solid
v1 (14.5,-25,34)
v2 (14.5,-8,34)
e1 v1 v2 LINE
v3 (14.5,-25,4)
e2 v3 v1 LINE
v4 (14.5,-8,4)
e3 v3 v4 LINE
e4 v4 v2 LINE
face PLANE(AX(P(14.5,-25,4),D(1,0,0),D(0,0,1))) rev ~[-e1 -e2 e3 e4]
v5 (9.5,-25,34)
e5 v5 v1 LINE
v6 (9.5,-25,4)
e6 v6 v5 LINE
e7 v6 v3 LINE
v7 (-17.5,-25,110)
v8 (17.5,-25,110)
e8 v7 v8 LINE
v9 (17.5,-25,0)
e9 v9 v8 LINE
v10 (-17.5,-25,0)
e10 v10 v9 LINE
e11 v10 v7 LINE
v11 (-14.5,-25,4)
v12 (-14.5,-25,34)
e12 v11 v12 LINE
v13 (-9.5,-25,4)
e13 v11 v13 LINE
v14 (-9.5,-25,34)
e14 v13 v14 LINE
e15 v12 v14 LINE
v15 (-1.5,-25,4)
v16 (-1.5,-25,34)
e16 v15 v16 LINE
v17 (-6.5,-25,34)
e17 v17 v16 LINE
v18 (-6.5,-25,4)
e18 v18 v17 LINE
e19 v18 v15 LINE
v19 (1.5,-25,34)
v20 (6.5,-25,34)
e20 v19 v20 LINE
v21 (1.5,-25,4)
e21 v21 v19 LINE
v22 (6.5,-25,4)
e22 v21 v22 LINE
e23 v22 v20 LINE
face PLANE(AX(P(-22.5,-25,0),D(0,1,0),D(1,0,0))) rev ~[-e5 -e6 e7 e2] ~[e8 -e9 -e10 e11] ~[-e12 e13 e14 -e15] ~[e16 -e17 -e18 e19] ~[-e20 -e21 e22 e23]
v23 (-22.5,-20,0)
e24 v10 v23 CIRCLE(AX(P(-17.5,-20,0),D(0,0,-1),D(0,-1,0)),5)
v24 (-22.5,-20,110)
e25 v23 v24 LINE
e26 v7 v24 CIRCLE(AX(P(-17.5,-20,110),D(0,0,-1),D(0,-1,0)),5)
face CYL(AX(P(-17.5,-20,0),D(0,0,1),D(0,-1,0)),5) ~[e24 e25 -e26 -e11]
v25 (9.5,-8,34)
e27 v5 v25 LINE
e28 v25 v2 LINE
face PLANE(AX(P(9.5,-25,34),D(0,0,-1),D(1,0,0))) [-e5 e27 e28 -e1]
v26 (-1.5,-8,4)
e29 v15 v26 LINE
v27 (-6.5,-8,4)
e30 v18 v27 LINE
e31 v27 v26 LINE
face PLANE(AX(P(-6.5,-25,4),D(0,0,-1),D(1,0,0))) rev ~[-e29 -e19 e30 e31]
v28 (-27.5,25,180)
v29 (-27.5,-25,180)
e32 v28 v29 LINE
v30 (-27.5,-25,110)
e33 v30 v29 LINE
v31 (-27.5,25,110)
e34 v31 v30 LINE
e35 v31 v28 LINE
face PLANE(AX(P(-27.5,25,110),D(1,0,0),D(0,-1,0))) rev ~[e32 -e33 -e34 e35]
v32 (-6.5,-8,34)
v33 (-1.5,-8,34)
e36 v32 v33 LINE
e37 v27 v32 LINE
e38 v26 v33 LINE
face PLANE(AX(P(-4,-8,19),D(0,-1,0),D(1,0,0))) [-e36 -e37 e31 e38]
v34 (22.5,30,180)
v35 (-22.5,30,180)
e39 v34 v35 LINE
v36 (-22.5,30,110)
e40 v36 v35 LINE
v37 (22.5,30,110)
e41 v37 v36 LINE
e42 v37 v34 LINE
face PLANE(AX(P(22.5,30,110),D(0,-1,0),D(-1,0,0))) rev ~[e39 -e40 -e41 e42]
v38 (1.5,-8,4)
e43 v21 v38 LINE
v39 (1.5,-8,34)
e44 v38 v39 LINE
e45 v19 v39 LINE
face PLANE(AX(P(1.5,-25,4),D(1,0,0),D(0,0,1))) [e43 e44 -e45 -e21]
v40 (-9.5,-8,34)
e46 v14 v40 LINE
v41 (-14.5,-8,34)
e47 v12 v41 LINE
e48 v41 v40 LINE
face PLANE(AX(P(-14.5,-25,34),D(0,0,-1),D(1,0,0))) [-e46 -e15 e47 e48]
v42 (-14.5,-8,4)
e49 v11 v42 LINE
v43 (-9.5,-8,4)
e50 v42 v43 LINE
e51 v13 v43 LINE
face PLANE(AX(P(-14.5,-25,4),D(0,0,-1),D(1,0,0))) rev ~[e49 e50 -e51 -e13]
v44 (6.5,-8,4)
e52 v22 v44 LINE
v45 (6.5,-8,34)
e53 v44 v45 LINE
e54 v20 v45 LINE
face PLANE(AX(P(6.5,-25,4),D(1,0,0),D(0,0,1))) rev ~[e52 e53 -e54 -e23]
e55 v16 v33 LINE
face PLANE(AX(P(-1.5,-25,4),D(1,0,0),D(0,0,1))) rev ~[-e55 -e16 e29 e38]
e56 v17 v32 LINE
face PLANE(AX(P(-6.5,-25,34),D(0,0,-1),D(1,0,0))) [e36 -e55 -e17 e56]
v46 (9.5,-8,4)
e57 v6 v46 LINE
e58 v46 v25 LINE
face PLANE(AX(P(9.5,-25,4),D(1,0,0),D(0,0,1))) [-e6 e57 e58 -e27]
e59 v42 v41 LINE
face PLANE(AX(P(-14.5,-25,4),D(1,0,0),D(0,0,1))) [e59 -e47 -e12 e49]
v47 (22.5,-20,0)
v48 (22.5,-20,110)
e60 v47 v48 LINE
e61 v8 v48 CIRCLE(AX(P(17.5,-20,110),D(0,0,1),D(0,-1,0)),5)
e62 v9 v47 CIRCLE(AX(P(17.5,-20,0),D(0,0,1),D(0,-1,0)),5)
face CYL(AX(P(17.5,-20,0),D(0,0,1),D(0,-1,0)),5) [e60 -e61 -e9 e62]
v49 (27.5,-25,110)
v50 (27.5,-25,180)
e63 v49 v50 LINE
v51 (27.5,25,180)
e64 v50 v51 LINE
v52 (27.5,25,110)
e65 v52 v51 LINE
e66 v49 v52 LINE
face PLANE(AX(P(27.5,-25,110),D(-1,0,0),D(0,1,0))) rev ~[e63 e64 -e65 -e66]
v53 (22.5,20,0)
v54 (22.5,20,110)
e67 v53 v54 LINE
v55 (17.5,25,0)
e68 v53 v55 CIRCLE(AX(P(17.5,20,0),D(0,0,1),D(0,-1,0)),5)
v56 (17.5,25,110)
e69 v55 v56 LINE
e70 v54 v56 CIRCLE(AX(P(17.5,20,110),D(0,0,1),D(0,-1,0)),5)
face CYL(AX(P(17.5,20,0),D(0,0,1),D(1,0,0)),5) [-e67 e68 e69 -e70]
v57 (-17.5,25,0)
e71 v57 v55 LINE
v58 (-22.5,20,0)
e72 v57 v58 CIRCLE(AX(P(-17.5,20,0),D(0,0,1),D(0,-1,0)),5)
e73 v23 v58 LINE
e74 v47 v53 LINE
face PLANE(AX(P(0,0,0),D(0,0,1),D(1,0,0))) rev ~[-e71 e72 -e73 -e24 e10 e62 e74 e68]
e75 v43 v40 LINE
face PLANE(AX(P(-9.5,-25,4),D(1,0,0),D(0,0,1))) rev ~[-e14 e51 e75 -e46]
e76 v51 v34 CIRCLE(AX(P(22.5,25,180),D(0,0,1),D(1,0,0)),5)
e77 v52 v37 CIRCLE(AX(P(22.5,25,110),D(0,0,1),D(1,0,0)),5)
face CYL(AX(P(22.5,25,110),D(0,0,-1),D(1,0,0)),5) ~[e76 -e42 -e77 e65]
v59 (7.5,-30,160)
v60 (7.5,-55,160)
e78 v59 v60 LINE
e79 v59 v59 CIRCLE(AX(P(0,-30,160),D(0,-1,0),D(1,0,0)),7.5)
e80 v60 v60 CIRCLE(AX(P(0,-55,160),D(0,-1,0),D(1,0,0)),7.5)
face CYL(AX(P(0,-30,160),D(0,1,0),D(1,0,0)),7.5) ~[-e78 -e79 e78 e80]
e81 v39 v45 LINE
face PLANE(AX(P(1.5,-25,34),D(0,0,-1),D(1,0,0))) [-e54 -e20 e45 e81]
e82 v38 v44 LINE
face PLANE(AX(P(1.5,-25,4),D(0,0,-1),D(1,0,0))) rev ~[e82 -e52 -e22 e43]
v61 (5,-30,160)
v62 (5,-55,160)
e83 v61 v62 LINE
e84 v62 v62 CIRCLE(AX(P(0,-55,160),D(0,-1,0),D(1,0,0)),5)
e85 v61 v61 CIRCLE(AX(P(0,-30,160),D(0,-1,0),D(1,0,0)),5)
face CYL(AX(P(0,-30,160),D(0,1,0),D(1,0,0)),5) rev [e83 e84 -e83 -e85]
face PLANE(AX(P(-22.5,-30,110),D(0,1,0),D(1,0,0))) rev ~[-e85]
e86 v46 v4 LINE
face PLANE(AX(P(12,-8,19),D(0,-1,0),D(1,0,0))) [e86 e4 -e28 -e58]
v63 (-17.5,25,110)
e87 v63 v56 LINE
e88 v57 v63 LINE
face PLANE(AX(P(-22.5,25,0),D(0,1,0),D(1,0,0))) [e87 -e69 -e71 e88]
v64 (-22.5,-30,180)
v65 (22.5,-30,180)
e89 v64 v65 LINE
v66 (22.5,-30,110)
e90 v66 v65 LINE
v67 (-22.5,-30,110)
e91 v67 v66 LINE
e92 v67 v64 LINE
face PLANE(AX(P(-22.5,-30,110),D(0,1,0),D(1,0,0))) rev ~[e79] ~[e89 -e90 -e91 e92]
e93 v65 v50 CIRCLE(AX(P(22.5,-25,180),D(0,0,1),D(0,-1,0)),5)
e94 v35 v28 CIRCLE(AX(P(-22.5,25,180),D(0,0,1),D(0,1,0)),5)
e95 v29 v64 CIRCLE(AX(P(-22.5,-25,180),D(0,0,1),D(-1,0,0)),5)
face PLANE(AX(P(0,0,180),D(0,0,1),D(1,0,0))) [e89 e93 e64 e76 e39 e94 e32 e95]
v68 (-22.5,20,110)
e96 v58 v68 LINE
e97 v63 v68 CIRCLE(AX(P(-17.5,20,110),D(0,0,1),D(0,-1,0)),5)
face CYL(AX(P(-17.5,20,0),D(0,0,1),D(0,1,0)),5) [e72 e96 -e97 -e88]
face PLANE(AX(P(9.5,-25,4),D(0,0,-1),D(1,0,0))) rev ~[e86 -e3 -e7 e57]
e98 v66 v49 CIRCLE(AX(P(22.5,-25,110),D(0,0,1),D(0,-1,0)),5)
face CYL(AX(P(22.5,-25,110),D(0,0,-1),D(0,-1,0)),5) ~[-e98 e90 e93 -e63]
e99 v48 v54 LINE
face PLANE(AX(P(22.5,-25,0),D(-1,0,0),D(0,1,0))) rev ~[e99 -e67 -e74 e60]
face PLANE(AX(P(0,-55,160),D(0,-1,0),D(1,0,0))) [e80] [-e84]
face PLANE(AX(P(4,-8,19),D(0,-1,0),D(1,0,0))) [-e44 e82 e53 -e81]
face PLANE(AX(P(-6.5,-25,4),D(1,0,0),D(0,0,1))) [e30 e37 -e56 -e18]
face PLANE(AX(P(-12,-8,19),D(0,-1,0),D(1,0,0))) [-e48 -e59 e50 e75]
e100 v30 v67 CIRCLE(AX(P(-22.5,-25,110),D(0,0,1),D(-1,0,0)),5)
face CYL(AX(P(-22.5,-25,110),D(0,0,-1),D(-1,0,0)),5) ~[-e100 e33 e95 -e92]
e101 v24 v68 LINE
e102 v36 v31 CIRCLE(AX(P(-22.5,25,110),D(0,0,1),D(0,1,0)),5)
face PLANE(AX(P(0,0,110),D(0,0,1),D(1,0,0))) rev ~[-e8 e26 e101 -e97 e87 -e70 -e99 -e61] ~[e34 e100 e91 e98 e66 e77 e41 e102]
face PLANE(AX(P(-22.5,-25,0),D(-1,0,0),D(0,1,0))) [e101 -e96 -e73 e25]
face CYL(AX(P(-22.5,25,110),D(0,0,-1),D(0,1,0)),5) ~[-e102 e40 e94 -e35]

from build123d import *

# Parameters (mm, degrees)
F0_W     = 45
F0_H     = 50
F1_DEPTH = 110
F2_W     = 45
F2_H     = 50
F3_DEPTH = 70
F4_R     = 5
F5_W     = 5
F5_H     = 30
F6_DEPTH = 17
F7_R     = 7.5
F7_R_2   = 5
F8_DEPTH = 25


with BuildPart() as f1:
    # F0 (on Top) → F1 (new body)
    with BuildSketch(Plane.XY):
        Rectangle(F0_W, F0_H)
    extrude(amount=F1_DEPTH)

    # F2 (on face) → F3 (join)
    with BuildSketch(Plane.XY.offset(110)):
        with BuildLine():
            ThreePointArc((-27.5, -25), (-26.0355339059, -28.5355339059), (-22.5, -30))
            Line((-22.5, -30), (22.5, -30))
            ThreePointArc((22.5, -30), (26.0355339059, -28.5355339059), (27.5, -25))
            Line((27.5, -25), (27.5, 25))
            ThreePointArc((27.5, 25), (26.0355339059, 28.5355339059), (22.5, 30))
            Line((22.5, 30), (-22.5, 30))
            ThreePointArc((-22.5, 30), (-26.0355339059, 28.5355339059), (-27.5, 25))
            Line((-27.5, 25), (-27.5, -25))
        make_face()
        Rectangle(F2_W, F2_H, mode=Mode.SUBTRACT)
        Rectangle(F2_W, F2_H)
    extrude(amount=F3_DEPTH)

    # F4
    f4_edges = [f1.edges().sort_by_distance(p)[0] for p in [
        (22.5, 25, 55),
        (22.5, -25, 55),
        (-22.5, -25, 55),
        (-22.5, 25, 55),
    ]]
    fillet(f4_edges, radius=F4_R)

    # F5 (on face) → F6 (cut)
    with BuildSketch(Plane.XZ.offset(25)):
        with Locations((-12, 19)):
            Rectangle(F5_W, F5_H)
        with Locations((-4, 19)):
            Rectangle(F5_W, F5_H)
        with Locations((4, 19)):
            Rectangle(F5_W, F5_H)
        with Locations((12, 19)):
            Rectangle(F5_W, F5_H)
    extrude(amount=-F6_DEPTH, mode=Mode.SUBTRACT)

    # F7 (on face) → F8 (join)
    with BuildSketch(Plane.XZ.offset(30)):
        with Locations((0, 160)):
            Circle(F7_R)
        with Locations((0, 160)):
            Circle(F7_R_2, mode=Mode.SUBTRACT)
    extrude(amount=F8_DEPTH)


solid = f1.part
